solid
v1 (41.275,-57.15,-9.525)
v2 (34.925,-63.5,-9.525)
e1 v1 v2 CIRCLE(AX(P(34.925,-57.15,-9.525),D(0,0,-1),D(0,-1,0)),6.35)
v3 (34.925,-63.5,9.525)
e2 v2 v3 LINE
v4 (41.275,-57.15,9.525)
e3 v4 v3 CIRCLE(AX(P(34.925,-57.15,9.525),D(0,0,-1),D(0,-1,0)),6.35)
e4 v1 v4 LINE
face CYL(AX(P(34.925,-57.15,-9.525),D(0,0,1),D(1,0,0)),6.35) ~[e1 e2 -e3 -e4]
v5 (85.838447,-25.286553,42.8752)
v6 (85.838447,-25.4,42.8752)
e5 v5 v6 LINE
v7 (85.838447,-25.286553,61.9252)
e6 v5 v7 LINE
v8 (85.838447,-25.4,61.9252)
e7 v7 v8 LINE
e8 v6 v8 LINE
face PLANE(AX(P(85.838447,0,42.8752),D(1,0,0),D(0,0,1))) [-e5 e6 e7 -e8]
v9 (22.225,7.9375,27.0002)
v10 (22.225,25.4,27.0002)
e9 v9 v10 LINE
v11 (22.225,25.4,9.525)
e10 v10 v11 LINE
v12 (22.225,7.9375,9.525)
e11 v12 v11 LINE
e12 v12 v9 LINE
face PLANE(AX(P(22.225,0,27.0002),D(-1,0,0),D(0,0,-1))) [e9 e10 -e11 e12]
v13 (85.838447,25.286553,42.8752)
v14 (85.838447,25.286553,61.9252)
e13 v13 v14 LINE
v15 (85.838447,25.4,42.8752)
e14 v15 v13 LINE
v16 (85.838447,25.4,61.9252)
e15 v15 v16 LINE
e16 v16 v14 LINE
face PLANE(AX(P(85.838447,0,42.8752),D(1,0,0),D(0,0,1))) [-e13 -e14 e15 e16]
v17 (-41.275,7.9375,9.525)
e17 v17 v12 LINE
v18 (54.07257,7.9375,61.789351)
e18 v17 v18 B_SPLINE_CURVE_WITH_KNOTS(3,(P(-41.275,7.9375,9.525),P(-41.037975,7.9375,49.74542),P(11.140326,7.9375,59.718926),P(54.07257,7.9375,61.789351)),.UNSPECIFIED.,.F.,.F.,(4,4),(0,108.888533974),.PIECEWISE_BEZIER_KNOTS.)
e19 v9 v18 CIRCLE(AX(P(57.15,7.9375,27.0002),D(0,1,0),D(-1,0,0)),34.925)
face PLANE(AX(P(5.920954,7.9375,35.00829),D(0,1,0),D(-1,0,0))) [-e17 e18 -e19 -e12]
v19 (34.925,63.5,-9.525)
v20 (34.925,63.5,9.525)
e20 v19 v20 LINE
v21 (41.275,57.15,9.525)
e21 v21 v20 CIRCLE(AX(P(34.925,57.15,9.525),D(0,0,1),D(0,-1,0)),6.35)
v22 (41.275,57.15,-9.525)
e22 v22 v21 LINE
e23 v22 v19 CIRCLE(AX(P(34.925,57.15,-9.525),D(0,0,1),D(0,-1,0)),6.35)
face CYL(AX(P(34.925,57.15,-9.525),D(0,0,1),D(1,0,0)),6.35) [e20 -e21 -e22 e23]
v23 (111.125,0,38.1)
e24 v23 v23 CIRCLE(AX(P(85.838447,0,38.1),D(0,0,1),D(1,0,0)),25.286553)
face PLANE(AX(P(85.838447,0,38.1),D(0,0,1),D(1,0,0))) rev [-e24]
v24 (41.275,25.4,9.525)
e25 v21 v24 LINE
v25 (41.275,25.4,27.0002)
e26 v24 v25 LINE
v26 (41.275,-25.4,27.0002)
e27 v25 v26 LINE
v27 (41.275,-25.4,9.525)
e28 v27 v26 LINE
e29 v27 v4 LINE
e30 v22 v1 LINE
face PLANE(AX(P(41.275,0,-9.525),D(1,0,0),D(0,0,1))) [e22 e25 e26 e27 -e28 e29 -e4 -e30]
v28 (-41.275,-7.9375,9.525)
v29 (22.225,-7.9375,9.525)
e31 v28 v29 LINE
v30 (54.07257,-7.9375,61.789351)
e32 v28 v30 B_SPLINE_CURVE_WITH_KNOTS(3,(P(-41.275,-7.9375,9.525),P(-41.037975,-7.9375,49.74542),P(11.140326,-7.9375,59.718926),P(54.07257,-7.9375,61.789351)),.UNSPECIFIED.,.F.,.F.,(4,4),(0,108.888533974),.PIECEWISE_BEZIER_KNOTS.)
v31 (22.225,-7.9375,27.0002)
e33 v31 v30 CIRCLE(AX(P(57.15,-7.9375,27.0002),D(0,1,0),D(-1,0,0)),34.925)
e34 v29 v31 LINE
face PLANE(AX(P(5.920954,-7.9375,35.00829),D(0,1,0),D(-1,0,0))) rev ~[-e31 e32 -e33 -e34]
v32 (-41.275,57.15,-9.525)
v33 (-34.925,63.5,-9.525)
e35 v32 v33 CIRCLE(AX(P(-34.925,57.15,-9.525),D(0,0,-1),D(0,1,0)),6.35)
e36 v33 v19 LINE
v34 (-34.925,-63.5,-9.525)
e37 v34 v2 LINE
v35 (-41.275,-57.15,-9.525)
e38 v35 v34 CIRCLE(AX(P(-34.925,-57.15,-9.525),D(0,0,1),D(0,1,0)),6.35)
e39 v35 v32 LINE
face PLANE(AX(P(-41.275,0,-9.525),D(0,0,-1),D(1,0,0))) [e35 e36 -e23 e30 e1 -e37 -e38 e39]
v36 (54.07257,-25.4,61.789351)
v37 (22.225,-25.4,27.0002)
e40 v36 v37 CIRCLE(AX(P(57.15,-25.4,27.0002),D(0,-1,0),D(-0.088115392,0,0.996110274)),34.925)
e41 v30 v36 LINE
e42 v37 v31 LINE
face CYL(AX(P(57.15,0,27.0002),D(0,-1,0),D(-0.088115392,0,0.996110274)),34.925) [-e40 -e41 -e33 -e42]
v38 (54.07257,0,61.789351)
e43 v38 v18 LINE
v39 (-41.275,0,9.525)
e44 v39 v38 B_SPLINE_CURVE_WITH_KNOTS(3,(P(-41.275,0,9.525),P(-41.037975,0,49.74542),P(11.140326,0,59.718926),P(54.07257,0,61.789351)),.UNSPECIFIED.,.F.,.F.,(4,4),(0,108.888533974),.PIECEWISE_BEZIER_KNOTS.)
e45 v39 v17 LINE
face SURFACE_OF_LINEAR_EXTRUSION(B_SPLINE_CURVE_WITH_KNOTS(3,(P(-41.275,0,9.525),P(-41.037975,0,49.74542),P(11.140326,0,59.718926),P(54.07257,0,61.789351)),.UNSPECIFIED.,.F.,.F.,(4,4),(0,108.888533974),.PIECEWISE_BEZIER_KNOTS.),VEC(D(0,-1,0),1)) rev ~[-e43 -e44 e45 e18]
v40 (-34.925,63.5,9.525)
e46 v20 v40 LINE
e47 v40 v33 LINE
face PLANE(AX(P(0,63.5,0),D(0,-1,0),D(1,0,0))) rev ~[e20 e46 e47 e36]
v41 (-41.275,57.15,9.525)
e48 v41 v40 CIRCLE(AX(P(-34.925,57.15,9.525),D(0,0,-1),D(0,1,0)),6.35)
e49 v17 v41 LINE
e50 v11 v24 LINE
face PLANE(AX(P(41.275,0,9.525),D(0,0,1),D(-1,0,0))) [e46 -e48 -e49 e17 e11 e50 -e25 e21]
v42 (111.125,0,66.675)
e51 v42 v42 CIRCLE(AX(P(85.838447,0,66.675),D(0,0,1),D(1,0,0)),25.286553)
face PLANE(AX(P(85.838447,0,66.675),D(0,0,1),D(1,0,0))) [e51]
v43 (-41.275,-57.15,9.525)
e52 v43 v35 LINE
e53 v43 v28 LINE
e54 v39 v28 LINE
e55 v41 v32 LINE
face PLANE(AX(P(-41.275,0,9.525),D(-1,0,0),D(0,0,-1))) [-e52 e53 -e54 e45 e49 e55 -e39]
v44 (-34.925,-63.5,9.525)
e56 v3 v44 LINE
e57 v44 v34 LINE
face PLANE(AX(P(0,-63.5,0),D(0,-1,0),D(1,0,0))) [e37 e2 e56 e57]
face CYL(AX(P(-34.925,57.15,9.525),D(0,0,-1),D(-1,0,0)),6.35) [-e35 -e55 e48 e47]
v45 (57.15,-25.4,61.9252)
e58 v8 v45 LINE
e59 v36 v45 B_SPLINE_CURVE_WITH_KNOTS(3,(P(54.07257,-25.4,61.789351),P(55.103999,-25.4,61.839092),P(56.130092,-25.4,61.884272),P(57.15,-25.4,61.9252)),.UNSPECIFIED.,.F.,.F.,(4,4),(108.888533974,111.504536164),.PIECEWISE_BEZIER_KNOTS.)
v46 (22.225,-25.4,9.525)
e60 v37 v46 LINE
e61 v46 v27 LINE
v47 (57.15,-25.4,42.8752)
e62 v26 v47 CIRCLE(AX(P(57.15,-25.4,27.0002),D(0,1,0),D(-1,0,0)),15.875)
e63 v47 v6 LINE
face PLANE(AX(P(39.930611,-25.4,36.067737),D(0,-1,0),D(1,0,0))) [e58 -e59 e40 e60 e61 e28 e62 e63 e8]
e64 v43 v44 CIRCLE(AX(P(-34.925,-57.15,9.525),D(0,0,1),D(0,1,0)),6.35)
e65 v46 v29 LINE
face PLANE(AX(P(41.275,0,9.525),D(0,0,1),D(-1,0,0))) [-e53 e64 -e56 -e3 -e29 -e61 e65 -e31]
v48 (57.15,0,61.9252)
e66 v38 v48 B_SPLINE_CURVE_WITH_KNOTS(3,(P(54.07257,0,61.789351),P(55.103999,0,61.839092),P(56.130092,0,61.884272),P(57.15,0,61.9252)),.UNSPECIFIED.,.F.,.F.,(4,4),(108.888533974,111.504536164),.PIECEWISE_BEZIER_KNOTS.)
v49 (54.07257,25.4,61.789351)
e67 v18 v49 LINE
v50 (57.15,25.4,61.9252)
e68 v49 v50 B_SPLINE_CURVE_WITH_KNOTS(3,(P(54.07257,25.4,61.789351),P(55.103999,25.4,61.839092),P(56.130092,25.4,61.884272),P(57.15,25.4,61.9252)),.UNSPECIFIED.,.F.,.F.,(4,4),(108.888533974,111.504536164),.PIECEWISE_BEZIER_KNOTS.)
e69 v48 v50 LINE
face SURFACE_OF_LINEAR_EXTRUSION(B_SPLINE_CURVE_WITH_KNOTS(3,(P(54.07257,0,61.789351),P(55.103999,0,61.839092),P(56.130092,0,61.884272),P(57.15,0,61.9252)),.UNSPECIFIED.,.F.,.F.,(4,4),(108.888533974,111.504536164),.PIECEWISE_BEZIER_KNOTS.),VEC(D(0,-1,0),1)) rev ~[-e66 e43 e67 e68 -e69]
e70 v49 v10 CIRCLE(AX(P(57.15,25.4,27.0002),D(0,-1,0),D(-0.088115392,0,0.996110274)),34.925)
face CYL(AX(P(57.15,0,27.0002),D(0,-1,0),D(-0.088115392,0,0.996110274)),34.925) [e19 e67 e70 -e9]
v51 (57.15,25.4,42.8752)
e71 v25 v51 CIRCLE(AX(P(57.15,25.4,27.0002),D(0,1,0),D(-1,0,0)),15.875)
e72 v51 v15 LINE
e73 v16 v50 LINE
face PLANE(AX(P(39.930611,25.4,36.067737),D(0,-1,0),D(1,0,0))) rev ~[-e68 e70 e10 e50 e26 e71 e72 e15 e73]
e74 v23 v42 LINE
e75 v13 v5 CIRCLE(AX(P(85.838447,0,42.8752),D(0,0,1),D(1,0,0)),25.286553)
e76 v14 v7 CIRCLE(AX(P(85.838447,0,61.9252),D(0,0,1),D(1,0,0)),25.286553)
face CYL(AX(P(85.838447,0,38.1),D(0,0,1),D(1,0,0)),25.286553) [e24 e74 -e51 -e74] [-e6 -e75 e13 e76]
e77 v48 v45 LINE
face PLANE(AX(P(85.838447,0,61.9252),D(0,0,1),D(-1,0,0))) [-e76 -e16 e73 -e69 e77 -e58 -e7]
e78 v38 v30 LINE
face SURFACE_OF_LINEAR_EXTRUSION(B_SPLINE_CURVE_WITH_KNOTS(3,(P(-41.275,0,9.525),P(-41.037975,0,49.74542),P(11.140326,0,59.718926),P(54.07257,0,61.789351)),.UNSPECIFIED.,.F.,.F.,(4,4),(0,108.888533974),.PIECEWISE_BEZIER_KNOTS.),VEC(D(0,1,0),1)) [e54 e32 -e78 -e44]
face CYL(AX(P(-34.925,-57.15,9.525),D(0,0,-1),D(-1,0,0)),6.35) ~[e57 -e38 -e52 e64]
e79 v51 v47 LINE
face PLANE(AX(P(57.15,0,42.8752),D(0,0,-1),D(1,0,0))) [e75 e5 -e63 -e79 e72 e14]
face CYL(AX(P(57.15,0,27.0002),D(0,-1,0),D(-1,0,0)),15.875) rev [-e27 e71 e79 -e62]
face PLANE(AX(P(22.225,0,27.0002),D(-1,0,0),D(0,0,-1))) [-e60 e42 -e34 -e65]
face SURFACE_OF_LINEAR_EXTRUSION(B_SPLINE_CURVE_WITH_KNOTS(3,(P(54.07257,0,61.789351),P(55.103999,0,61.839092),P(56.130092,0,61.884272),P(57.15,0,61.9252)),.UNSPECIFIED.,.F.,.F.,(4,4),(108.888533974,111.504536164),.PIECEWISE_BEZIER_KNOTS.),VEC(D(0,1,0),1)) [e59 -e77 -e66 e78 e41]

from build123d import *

# Parameters (mm, degrees)
F1_DEPTH = 63.5
F0_W     = 25.5134466434
F0_H     = 19.05
F2_DEPTH = 25.4
F3_DEPTH = 7.9375
F5_R     = 6.35


with BuildPart() as f1:
    # F0 (on Front) → F1 (new body, symmetric)
    with BuildSketch(Plane.XZ):
        Polygon((-41.275, -9.525), (41.275, -9.525), (41.275, 9.525), (22.225, 9.525), (-41.275, 9.525), align=None)
    extrude(amount=F1_DEPTH, both=True)

    # F0 (on Front) → F2 (join, symmetric)
    with BuildSketch(Plane.XZ):
        with BuildLine():
            Line((22.225, 9.525), (41.275, 9.525))
            Line((41.275, 9.525), (41.275, 12.7119745847))
            Line((41.275, 12.7119745847), (41.275, 27.0002))
            ThreePointArc((41.275, 27.0002), (45.9246798487, 38.2255201513), (57.15, 42.8752))
            Line((57.15, 42.8752), (60.325, 42.8752))
            Line((60.325, 42.8752), (60.325, 61.9252))
            Line((60.325, 61.9252), (57.15, 61.9252))
            add(Edge.make_bspline(
                [(54.0725699176, 61.7893513131), (55.1039994103, 61.839092438), (56.1300922565, 61.8842720565), (57.15, 61.9252)],
                knots=[108.8885339736, 108.8885339736, 108.8885339736, 108.8885339736, 111.5045361635, 111.5045361635, 111.5045361635, 111.5045361635], degree=3))
            ThreePointArc((54.0725699176, 61.7893513131), (31.3892268107, 50.5827823371), (22.225, 27.0002))
            Line((22.225, 27.0002), (22.225, 12.7119745847))
            Line((22.225, 12.7119745847), (22.225, 9.525))
        make_face()
        with Locations((73.0817233217, 52.4002)):
            Rectangle(F0_W, F0_H)
    extrude(amount=F2_DEPTH, both=True)

    # F0 (on Front) → F3 (join, symmetric)
    with BuildSketch(Plane.XZ):
        with BuildLine():
            add(Edge.make_bspline(
                [(-41.275, 9.525), (-41.0379751962, 49.7454198065), (11.1403255218, 59.7189256133), (54.0725699176, 61.7893513131)],
                knots=[0, 0, 0, 0, 108.8885339736, 108.8885339736, 108.8885339736, 108.8885339736], degree=3))
            Line((-41.275, 9.525), (22.225, 9.525))
            Line((22.225, 9.525), (22.225, 12.7119745847))
            Line((22.225, 12.7119745847), (22.225, 27.0002))
            ThreePointArc((22.225, 27.0002), (31.3892268107, 50.5827823371), (54.0725699176, 61.7893513131))
        make_face()
    extrude(amount=F3_DEPTH, both=True)

    # F0 (on Front) → F4 (revolve)
    with BuildSketch(Plane.XZ):
        Polygon((85.8384466434, 66.675), (85.8384466434, 61.9252), (85.8384466434, 42.8752), (85.8384466434, 38.1), (111.125, 38.1), (111.125, 66.675), align=None)
    revolve(axis=Axis((85.8384466434, 0, 52.3875), (0, 0, 1)))

    # F5
    f5_edges = [f1.edges().sort_by_distance(p)[0] for p in [
        (41.275, -63.5, 0),
        (-41.275, -63.5, 0),
        (-41.275, 63.5, 0),
        (41.275, 63.5, 0),
    ]]
    fillet(f5_edges, radius=F5_R)


solid = f1.part
